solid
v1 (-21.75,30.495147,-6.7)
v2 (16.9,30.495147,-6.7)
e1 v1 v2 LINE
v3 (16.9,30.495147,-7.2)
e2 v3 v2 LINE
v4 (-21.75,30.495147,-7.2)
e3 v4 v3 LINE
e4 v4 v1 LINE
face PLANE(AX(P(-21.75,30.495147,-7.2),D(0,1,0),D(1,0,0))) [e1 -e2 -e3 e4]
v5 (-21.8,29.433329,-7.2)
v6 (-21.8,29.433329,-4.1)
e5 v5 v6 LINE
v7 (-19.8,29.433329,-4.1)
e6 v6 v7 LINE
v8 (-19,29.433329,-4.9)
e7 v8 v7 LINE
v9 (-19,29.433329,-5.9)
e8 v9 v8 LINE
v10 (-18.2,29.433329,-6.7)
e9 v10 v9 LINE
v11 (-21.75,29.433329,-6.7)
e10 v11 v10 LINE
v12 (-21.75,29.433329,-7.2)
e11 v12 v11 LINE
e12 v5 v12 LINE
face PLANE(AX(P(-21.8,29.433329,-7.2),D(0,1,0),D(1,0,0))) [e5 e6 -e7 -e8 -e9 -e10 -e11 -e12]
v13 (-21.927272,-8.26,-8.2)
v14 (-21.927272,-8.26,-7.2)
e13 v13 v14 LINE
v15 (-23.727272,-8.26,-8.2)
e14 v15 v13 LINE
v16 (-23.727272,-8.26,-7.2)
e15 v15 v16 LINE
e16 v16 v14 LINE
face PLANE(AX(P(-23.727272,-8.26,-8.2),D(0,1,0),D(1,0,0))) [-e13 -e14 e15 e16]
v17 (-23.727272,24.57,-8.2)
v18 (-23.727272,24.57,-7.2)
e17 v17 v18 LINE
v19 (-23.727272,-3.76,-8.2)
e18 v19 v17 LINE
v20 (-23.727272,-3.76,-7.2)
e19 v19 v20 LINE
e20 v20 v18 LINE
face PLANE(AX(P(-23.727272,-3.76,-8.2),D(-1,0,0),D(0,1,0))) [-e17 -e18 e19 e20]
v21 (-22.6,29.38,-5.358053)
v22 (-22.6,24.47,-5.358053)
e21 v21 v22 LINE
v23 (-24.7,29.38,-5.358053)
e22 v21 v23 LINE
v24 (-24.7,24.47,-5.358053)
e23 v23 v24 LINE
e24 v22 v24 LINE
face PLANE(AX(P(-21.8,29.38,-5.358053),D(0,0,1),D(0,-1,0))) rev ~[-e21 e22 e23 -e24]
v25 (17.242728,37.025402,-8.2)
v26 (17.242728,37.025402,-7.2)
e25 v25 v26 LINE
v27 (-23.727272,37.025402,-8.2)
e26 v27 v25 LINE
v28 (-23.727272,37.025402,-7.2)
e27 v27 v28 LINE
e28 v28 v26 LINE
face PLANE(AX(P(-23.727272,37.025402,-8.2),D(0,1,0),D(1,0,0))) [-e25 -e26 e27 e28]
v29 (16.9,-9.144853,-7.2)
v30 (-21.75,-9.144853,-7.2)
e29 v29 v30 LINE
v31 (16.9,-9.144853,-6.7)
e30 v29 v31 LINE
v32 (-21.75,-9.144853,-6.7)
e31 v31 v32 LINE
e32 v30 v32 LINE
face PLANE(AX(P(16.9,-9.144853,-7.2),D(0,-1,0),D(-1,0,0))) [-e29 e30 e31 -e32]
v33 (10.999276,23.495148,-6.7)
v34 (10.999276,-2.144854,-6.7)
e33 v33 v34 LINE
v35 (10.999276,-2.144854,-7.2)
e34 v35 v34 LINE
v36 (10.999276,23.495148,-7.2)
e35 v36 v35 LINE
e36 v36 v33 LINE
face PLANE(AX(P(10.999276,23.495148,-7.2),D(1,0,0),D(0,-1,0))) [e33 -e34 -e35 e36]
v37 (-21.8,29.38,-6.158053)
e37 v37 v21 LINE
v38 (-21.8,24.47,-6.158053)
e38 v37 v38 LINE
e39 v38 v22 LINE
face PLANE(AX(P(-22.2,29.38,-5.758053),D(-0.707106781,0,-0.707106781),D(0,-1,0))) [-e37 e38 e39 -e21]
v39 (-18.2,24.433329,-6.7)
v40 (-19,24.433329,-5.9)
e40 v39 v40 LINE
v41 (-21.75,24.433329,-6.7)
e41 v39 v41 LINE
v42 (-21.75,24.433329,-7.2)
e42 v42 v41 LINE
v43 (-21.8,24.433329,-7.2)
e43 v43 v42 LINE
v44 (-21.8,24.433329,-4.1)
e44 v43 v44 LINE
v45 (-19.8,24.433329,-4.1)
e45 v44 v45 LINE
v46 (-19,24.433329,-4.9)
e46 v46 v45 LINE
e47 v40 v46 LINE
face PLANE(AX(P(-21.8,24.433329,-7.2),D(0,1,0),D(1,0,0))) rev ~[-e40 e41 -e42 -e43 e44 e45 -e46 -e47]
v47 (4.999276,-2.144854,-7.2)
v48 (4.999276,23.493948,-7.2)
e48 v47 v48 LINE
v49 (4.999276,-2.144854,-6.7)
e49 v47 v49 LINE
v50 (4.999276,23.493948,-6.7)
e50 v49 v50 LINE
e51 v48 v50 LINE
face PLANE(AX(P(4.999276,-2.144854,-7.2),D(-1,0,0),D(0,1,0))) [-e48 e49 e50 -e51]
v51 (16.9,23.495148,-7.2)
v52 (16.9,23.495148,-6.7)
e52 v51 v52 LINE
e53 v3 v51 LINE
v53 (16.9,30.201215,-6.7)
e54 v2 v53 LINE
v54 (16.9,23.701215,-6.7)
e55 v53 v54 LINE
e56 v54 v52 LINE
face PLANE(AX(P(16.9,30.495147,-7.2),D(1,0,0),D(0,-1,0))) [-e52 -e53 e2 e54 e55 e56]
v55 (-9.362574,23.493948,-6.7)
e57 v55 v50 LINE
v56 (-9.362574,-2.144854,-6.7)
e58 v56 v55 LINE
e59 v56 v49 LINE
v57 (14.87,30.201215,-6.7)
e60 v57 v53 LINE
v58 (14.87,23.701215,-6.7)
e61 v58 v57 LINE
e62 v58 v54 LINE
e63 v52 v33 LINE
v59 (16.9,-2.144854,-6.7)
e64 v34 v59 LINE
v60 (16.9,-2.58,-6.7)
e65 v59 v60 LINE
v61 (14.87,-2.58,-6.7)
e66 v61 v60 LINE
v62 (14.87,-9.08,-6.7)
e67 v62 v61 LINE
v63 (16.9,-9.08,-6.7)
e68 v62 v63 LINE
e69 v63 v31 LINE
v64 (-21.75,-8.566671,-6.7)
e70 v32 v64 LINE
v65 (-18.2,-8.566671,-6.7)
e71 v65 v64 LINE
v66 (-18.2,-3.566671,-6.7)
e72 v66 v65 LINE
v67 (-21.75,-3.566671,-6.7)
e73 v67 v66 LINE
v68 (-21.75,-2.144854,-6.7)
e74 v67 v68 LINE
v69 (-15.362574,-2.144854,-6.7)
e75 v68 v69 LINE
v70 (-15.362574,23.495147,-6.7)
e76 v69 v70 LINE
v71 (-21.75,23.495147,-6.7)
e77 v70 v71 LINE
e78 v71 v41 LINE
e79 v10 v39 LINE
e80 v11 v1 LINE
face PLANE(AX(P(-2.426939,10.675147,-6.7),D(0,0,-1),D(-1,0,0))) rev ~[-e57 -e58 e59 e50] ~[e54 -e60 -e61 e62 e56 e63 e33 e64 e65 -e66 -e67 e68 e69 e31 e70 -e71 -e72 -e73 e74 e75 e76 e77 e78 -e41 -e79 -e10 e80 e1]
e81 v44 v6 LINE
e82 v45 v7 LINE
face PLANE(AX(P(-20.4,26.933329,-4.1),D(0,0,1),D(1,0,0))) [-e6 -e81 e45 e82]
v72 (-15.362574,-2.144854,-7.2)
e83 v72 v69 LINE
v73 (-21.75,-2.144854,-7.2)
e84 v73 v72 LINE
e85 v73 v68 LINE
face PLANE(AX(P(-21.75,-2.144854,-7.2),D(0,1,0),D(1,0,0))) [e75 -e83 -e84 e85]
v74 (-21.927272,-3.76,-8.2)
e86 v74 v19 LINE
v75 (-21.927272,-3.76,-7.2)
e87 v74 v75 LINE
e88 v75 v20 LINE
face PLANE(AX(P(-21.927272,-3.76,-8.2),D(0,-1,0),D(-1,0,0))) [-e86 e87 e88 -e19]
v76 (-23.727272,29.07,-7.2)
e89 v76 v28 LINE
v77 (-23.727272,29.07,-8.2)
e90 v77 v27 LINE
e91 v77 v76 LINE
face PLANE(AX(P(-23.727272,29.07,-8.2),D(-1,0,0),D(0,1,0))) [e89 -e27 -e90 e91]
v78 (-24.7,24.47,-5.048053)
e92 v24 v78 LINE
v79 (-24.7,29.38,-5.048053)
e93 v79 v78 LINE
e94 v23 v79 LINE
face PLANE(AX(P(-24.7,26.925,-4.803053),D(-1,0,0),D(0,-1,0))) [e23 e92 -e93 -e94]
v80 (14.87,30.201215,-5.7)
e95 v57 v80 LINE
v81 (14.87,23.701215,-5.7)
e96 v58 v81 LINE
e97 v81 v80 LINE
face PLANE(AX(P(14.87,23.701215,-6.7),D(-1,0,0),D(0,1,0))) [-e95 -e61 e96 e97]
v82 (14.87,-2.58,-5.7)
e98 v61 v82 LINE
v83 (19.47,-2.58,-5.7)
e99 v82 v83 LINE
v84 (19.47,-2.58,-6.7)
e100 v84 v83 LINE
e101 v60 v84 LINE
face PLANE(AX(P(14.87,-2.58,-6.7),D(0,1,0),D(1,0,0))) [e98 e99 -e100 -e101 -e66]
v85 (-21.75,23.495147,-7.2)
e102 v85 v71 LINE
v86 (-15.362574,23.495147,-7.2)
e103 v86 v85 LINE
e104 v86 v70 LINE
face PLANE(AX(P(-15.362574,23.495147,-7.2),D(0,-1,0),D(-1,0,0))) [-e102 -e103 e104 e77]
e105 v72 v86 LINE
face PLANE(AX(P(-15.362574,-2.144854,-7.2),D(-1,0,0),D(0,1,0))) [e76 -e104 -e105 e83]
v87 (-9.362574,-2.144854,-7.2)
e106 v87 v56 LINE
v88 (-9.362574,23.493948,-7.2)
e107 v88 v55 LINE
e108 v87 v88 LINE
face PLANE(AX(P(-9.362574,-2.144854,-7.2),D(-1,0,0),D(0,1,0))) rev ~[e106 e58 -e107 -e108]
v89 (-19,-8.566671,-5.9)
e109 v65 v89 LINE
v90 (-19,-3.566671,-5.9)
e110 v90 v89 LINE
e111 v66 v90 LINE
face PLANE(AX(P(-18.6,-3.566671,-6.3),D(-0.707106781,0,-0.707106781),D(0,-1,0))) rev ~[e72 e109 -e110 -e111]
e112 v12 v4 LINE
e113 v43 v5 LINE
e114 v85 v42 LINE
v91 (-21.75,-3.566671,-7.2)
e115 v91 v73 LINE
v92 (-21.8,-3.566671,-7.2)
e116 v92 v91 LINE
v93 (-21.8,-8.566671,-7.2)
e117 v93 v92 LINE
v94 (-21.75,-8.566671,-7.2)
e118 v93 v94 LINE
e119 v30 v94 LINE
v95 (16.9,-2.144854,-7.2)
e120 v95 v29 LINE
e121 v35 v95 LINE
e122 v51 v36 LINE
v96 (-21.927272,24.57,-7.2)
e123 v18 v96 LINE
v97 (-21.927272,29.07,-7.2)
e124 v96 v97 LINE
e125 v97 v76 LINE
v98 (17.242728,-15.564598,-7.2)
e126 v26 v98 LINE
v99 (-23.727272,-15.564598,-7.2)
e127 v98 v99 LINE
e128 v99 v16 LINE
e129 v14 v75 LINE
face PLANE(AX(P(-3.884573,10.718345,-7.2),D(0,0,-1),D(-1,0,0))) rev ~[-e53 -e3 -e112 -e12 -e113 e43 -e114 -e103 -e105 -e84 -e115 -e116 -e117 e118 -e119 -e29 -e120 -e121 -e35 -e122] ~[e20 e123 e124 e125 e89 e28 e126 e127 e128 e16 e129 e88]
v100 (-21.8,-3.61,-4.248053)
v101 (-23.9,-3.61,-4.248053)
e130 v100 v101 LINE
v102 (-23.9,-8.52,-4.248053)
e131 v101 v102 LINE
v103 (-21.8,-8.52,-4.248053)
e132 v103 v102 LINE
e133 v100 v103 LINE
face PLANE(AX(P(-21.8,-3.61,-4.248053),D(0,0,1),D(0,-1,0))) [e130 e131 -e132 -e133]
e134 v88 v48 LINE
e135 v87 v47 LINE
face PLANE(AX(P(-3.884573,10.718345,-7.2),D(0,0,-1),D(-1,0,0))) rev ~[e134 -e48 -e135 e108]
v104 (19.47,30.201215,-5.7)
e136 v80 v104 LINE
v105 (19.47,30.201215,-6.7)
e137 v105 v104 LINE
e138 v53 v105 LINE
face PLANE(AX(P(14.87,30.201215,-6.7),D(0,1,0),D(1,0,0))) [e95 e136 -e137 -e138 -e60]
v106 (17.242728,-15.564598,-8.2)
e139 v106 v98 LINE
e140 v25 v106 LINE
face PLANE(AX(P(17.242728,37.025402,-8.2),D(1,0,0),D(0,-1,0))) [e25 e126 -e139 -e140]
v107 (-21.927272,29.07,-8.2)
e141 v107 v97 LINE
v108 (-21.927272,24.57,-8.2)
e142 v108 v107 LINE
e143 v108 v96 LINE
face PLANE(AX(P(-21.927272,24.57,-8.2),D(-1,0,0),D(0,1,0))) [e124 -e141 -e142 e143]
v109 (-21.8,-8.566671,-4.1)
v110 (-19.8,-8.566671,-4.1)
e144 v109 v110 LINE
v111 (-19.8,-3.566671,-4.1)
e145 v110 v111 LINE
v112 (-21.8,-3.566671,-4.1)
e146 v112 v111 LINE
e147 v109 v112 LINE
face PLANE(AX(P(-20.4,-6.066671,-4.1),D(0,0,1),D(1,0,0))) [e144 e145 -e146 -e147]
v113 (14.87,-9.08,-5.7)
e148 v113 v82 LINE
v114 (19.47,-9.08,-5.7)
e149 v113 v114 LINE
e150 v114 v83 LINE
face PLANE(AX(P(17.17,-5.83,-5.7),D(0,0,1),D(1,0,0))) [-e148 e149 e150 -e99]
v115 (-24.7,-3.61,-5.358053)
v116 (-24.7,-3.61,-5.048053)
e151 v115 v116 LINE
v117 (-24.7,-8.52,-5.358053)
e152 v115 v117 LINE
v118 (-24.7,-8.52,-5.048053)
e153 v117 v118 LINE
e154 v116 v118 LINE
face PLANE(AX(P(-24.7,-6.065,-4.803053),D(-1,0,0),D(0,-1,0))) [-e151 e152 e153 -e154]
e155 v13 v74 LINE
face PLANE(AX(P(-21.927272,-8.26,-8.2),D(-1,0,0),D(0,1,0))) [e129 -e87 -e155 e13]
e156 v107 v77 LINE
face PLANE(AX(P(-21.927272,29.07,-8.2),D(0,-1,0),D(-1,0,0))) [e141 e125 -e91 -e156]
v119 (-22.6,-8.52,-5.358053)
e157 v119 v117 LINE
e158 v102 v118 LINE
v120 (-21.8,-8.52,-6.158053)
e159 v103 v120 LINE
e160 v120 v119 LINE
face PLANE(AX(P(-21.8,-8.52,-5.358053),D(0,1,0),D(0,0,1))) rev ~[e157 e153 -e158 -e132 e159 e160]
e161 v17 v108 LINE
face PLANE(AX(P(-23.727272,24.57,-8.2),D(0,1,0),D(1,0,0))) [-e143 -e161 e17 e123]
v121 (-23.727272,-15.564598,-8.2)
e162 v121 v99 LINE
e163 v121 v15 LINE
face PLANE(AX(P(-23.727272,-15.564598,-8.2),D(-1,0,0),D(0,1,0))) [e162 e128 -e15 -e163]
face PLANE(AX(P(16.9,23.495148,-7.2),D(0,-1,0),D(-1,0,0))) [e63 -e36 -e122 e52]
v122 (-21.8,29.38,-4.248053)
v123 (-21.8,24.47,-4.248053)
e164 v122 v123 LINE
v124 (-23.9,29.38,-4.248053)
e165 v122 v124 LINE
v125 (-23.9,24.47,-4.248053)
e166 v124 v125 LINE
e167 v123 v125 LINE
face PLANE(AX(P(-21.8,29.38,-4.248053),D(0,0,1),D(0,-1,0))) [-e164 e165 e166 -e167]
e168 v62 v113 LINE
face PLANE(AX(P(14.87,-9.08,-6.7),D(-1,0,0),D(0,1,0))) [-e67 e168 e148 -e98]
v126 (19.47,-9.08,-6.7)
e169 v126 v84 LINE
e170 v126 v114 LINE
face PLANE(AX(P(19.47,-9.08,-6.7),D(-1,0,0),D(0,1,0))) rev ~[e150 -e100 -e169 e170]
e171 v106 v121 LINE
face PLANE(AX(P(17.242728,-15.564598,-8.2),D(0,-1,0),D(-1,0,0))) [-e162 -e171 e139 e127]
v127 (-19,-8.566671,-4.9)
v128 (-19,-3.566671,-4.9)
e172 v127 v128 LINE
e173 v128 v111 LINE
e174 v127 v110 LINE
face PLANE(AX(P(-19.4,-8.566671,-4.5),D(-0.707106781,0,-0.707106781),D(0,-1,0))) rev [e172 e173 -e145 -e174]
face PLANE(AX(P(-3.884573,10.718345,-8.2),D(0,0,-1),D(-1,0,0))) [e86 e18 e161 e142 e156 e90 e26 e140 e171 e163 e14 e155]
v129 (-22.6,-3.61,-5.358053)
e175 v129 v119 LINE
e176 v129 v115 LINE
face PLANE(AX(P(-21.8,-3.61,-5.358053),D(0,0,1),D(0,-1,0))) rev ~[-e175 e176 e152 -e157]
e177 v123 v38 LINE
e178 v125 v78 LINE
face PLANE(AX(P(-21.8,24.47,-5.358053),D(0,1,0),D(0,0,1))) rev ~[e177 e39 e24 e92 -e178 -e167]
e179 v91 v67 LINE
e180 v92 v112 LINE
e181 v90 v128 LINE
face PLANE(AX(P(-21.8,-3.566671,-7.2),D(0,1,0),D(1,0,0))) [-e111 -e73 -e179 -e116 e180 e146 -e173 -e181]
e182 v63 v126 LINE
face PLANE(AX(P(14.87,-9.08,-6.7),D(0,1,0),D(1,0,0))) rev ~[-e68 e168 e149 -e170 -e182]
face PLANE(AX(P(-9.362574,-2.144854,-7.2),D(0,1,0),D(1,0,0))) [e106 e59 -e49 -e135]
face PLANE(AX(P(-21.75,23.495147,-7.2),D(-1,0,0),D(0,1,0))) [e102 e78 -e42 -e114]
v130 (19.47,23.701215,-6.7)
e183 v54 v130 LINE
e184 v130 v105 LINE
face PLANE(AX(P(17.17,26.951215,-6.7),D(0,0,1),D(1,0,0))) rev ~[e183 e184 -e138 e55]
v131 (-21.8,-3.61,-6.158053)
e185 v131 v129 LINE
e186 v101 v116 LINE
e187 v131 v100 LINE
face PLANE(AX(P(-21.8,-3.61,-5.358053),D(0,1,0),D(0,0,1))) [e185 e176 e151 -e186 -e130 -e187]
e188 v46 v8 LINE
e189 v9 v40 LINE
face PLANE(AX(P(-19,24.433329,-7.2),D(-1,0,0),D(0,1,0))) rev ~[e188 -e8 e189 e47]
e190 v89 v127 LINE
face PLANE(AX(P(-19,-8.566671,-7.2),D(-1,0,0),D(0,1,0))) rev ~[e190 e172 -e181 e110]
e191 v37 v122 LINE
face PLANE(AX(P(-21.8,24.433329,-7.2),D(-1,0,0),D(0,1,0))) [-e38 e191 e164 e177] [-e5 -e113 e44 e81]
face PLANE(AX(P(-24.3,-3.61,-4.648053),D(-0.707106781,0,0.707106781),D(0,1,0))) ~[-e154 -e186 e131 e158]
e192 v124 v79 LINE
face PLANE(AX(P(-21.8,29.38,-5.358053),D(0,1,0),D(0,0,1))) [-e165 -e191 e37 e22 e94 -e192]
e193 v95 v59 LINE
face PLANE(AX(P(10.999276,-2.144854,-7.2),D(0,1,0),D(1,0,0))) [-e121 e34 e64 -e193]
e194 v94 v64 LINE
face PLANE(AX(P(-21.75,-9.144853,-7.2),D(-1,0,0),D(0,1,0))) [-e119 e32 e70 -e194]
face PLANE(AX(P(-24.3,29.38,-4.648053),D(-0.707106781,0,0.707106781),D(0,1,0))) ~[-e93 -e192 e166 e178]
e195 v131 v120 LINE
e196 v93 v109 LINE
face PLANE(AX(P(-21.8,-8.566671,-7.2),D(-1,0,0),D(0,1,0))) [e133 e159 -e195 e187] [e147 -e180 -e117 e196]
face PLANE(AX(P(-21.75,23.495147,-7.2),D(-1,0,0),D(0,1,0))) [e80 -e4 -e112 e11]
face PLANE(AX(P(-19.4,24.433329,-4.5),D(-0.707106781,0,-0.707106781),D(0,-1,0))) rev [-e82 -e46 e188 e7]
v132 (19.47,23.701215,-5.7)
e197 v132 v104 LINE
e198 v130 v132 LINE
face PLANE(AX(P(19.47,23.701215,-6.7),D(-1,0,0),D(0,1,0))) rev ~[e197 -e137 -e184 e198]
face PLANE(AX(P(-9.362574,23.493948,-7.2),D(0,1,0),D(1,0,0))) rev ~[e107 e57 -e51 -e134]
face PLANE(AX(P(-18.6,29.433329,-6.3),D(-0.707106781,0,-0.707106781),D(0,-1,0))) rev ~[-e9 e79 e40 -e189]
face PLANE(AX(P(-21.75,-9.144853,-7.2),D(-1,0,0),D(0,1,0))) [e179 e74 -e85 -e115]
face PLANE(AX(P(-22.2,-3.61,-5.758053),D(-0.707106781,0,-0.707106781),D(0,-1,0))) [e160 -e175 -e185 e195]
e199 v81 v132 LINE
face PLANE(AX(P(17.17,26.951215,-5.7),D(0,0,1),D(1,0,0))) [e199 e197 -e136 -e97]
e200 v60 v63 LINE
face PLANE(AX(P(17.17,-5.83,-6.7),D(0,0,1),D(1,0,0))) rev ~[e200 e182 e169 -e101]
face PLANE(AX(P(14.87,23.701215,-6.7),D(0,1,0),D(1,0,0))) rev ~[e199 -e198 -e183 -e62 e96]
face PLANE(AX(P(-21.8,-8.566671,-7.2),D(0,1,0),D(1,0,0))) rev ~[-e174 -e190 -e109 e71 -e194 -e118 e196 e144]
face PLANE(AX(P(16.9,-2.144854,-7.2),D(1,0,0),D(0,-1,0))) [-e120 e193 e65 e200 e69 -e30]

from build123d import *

# Parameters (mm, degrees)
PAD012_DEPTH    = 1
SKETCH027_W     = 2.8
SKETCH027_H     = 5
PAD013_DEPTH    = 3.1
SKETCH028_W     = 14.36185
SKETCH028_H     = 25.638802
PAD014_DEPTH    = 0.5
SKETCH029_W     = 4.6
SKETCH029_H     = 6.5
PAD015_DEPTH    = 1
SKETCH030_W     = 4.91
SKETCH030_H     = 1.11
PAD016_DEPTH    = 2.9
CHAMFER003_SIZE = 0.8


with BuildPart() as part:
    # Sketch026 → Pad012 (new body)
    with BuildSketch(Plane.XY.offset(-6.5)):
        Polygon((-24.727272, 35.025402), (16.242728, 35.025402), (16.242728, -17.564598), (-24.727272, -17.564598), (-24.727272, -10.26), (-22.927272, -10.26), (-22.927272, -5.76), (-24.727272, -5.76), (-24.727272, 22.57), (-22.927272, 22.57), (-22.927272, 27.07), (-24.727272, 27.07), align=None)
    extrude(amount=PAD012_DEPTH)

    # Sketch027 (on Face14 of Pad012) → Pad013 (join)
    with BuildSketch(Plane.XY.offset(-5.5)):
        with Locations((-21.4, -8.066671)):
            Rectangle(SKETCH027_W, SKETCH027_H)
        with Locations((-21.4, 24.933329)):
            Rectangle(SKETCH027_W, SKETCH027_H)
    extrude(amount=PAD013_DEPTH)

    # Sketch028 (on Face5 of Pad013) → Pad014 (join)
    with BuildSketch(Plane.XY.offset(-5.5)):
        Polygon((15.9, -11.144853), (-22.75, -11.144853), (-22.75, -4.144854), (-16.362574, -4.144854), (-16.362574, 21.495147), (-22.75, 21.495147), (-22.75, 28.495147), (15.9, 28.495147), (15.9, 21.495148), (9.999276, 21.495148), (9.999276, -4.144854), (15.9, -4.144854), align=None)
        with Locations((-3.181649, 8.674547)):
            Rectangle(SKETCH028_W, SKETCH028_H, mode=Mode.SUBTRACT)
    extrude(amount=PAD014_DEPTH)

    # Sketch029 (on Face35 of Pad014) → Pad015 (join)
    with BuildSketch(Plane.XY.offset(-5)):
        with Locations((16.17, 24.951215)):
            Rectangle(SKETCH029_W, SKETCH029_H)
        with Locations((16.17, -7.83)):
            Rectangle(SKETCH029_W, SKETCH029_H)
    extrude(amount=PAD015_DEPTH)

    # Sketch030 (on Face34 of Pad015) → Pad016 (join)
    with BuildSketch(Plane(origin=(-22.8, 0, 0), x_dir=(0, -1, 0), z_dir=(-1, 0, 0))):
        with Locations((-24.925, -3.103053)):
            Rectangle(SKETCH030_W, SKETCH030_H)
        with Locations((8.065, -3.103053)):
            Rectangle(SKETCH030_W, SKETCH030_H)
    extrude(amount=PAD016_DEPTH)

    # Chamfer003
    chamfer003_edges = [part.edges().sort_by_distance(p)[0] for p in [
        (-25.7, 24.925, -2.548053),
        (-25.7, -8.065, -2.548053),
        (-20, 24.933329, -2.4),
        (-20, -8.066671, -2.4),
        (-20, 24.933329, -5),
        (-20, -8.066671, -5),
        (-22.8, -8.065, -3.658053),
        (-22.8, 24.925, -3.658053),
    ]]
    chamfer(chamfer003_edges, length=CHAMFER003_SIZE)


with BuildPart() as part_1:
    # Body005 placement: moved
    add(part.part.moved(Location((1, 2, -1.7))))


solid = part_1.part
